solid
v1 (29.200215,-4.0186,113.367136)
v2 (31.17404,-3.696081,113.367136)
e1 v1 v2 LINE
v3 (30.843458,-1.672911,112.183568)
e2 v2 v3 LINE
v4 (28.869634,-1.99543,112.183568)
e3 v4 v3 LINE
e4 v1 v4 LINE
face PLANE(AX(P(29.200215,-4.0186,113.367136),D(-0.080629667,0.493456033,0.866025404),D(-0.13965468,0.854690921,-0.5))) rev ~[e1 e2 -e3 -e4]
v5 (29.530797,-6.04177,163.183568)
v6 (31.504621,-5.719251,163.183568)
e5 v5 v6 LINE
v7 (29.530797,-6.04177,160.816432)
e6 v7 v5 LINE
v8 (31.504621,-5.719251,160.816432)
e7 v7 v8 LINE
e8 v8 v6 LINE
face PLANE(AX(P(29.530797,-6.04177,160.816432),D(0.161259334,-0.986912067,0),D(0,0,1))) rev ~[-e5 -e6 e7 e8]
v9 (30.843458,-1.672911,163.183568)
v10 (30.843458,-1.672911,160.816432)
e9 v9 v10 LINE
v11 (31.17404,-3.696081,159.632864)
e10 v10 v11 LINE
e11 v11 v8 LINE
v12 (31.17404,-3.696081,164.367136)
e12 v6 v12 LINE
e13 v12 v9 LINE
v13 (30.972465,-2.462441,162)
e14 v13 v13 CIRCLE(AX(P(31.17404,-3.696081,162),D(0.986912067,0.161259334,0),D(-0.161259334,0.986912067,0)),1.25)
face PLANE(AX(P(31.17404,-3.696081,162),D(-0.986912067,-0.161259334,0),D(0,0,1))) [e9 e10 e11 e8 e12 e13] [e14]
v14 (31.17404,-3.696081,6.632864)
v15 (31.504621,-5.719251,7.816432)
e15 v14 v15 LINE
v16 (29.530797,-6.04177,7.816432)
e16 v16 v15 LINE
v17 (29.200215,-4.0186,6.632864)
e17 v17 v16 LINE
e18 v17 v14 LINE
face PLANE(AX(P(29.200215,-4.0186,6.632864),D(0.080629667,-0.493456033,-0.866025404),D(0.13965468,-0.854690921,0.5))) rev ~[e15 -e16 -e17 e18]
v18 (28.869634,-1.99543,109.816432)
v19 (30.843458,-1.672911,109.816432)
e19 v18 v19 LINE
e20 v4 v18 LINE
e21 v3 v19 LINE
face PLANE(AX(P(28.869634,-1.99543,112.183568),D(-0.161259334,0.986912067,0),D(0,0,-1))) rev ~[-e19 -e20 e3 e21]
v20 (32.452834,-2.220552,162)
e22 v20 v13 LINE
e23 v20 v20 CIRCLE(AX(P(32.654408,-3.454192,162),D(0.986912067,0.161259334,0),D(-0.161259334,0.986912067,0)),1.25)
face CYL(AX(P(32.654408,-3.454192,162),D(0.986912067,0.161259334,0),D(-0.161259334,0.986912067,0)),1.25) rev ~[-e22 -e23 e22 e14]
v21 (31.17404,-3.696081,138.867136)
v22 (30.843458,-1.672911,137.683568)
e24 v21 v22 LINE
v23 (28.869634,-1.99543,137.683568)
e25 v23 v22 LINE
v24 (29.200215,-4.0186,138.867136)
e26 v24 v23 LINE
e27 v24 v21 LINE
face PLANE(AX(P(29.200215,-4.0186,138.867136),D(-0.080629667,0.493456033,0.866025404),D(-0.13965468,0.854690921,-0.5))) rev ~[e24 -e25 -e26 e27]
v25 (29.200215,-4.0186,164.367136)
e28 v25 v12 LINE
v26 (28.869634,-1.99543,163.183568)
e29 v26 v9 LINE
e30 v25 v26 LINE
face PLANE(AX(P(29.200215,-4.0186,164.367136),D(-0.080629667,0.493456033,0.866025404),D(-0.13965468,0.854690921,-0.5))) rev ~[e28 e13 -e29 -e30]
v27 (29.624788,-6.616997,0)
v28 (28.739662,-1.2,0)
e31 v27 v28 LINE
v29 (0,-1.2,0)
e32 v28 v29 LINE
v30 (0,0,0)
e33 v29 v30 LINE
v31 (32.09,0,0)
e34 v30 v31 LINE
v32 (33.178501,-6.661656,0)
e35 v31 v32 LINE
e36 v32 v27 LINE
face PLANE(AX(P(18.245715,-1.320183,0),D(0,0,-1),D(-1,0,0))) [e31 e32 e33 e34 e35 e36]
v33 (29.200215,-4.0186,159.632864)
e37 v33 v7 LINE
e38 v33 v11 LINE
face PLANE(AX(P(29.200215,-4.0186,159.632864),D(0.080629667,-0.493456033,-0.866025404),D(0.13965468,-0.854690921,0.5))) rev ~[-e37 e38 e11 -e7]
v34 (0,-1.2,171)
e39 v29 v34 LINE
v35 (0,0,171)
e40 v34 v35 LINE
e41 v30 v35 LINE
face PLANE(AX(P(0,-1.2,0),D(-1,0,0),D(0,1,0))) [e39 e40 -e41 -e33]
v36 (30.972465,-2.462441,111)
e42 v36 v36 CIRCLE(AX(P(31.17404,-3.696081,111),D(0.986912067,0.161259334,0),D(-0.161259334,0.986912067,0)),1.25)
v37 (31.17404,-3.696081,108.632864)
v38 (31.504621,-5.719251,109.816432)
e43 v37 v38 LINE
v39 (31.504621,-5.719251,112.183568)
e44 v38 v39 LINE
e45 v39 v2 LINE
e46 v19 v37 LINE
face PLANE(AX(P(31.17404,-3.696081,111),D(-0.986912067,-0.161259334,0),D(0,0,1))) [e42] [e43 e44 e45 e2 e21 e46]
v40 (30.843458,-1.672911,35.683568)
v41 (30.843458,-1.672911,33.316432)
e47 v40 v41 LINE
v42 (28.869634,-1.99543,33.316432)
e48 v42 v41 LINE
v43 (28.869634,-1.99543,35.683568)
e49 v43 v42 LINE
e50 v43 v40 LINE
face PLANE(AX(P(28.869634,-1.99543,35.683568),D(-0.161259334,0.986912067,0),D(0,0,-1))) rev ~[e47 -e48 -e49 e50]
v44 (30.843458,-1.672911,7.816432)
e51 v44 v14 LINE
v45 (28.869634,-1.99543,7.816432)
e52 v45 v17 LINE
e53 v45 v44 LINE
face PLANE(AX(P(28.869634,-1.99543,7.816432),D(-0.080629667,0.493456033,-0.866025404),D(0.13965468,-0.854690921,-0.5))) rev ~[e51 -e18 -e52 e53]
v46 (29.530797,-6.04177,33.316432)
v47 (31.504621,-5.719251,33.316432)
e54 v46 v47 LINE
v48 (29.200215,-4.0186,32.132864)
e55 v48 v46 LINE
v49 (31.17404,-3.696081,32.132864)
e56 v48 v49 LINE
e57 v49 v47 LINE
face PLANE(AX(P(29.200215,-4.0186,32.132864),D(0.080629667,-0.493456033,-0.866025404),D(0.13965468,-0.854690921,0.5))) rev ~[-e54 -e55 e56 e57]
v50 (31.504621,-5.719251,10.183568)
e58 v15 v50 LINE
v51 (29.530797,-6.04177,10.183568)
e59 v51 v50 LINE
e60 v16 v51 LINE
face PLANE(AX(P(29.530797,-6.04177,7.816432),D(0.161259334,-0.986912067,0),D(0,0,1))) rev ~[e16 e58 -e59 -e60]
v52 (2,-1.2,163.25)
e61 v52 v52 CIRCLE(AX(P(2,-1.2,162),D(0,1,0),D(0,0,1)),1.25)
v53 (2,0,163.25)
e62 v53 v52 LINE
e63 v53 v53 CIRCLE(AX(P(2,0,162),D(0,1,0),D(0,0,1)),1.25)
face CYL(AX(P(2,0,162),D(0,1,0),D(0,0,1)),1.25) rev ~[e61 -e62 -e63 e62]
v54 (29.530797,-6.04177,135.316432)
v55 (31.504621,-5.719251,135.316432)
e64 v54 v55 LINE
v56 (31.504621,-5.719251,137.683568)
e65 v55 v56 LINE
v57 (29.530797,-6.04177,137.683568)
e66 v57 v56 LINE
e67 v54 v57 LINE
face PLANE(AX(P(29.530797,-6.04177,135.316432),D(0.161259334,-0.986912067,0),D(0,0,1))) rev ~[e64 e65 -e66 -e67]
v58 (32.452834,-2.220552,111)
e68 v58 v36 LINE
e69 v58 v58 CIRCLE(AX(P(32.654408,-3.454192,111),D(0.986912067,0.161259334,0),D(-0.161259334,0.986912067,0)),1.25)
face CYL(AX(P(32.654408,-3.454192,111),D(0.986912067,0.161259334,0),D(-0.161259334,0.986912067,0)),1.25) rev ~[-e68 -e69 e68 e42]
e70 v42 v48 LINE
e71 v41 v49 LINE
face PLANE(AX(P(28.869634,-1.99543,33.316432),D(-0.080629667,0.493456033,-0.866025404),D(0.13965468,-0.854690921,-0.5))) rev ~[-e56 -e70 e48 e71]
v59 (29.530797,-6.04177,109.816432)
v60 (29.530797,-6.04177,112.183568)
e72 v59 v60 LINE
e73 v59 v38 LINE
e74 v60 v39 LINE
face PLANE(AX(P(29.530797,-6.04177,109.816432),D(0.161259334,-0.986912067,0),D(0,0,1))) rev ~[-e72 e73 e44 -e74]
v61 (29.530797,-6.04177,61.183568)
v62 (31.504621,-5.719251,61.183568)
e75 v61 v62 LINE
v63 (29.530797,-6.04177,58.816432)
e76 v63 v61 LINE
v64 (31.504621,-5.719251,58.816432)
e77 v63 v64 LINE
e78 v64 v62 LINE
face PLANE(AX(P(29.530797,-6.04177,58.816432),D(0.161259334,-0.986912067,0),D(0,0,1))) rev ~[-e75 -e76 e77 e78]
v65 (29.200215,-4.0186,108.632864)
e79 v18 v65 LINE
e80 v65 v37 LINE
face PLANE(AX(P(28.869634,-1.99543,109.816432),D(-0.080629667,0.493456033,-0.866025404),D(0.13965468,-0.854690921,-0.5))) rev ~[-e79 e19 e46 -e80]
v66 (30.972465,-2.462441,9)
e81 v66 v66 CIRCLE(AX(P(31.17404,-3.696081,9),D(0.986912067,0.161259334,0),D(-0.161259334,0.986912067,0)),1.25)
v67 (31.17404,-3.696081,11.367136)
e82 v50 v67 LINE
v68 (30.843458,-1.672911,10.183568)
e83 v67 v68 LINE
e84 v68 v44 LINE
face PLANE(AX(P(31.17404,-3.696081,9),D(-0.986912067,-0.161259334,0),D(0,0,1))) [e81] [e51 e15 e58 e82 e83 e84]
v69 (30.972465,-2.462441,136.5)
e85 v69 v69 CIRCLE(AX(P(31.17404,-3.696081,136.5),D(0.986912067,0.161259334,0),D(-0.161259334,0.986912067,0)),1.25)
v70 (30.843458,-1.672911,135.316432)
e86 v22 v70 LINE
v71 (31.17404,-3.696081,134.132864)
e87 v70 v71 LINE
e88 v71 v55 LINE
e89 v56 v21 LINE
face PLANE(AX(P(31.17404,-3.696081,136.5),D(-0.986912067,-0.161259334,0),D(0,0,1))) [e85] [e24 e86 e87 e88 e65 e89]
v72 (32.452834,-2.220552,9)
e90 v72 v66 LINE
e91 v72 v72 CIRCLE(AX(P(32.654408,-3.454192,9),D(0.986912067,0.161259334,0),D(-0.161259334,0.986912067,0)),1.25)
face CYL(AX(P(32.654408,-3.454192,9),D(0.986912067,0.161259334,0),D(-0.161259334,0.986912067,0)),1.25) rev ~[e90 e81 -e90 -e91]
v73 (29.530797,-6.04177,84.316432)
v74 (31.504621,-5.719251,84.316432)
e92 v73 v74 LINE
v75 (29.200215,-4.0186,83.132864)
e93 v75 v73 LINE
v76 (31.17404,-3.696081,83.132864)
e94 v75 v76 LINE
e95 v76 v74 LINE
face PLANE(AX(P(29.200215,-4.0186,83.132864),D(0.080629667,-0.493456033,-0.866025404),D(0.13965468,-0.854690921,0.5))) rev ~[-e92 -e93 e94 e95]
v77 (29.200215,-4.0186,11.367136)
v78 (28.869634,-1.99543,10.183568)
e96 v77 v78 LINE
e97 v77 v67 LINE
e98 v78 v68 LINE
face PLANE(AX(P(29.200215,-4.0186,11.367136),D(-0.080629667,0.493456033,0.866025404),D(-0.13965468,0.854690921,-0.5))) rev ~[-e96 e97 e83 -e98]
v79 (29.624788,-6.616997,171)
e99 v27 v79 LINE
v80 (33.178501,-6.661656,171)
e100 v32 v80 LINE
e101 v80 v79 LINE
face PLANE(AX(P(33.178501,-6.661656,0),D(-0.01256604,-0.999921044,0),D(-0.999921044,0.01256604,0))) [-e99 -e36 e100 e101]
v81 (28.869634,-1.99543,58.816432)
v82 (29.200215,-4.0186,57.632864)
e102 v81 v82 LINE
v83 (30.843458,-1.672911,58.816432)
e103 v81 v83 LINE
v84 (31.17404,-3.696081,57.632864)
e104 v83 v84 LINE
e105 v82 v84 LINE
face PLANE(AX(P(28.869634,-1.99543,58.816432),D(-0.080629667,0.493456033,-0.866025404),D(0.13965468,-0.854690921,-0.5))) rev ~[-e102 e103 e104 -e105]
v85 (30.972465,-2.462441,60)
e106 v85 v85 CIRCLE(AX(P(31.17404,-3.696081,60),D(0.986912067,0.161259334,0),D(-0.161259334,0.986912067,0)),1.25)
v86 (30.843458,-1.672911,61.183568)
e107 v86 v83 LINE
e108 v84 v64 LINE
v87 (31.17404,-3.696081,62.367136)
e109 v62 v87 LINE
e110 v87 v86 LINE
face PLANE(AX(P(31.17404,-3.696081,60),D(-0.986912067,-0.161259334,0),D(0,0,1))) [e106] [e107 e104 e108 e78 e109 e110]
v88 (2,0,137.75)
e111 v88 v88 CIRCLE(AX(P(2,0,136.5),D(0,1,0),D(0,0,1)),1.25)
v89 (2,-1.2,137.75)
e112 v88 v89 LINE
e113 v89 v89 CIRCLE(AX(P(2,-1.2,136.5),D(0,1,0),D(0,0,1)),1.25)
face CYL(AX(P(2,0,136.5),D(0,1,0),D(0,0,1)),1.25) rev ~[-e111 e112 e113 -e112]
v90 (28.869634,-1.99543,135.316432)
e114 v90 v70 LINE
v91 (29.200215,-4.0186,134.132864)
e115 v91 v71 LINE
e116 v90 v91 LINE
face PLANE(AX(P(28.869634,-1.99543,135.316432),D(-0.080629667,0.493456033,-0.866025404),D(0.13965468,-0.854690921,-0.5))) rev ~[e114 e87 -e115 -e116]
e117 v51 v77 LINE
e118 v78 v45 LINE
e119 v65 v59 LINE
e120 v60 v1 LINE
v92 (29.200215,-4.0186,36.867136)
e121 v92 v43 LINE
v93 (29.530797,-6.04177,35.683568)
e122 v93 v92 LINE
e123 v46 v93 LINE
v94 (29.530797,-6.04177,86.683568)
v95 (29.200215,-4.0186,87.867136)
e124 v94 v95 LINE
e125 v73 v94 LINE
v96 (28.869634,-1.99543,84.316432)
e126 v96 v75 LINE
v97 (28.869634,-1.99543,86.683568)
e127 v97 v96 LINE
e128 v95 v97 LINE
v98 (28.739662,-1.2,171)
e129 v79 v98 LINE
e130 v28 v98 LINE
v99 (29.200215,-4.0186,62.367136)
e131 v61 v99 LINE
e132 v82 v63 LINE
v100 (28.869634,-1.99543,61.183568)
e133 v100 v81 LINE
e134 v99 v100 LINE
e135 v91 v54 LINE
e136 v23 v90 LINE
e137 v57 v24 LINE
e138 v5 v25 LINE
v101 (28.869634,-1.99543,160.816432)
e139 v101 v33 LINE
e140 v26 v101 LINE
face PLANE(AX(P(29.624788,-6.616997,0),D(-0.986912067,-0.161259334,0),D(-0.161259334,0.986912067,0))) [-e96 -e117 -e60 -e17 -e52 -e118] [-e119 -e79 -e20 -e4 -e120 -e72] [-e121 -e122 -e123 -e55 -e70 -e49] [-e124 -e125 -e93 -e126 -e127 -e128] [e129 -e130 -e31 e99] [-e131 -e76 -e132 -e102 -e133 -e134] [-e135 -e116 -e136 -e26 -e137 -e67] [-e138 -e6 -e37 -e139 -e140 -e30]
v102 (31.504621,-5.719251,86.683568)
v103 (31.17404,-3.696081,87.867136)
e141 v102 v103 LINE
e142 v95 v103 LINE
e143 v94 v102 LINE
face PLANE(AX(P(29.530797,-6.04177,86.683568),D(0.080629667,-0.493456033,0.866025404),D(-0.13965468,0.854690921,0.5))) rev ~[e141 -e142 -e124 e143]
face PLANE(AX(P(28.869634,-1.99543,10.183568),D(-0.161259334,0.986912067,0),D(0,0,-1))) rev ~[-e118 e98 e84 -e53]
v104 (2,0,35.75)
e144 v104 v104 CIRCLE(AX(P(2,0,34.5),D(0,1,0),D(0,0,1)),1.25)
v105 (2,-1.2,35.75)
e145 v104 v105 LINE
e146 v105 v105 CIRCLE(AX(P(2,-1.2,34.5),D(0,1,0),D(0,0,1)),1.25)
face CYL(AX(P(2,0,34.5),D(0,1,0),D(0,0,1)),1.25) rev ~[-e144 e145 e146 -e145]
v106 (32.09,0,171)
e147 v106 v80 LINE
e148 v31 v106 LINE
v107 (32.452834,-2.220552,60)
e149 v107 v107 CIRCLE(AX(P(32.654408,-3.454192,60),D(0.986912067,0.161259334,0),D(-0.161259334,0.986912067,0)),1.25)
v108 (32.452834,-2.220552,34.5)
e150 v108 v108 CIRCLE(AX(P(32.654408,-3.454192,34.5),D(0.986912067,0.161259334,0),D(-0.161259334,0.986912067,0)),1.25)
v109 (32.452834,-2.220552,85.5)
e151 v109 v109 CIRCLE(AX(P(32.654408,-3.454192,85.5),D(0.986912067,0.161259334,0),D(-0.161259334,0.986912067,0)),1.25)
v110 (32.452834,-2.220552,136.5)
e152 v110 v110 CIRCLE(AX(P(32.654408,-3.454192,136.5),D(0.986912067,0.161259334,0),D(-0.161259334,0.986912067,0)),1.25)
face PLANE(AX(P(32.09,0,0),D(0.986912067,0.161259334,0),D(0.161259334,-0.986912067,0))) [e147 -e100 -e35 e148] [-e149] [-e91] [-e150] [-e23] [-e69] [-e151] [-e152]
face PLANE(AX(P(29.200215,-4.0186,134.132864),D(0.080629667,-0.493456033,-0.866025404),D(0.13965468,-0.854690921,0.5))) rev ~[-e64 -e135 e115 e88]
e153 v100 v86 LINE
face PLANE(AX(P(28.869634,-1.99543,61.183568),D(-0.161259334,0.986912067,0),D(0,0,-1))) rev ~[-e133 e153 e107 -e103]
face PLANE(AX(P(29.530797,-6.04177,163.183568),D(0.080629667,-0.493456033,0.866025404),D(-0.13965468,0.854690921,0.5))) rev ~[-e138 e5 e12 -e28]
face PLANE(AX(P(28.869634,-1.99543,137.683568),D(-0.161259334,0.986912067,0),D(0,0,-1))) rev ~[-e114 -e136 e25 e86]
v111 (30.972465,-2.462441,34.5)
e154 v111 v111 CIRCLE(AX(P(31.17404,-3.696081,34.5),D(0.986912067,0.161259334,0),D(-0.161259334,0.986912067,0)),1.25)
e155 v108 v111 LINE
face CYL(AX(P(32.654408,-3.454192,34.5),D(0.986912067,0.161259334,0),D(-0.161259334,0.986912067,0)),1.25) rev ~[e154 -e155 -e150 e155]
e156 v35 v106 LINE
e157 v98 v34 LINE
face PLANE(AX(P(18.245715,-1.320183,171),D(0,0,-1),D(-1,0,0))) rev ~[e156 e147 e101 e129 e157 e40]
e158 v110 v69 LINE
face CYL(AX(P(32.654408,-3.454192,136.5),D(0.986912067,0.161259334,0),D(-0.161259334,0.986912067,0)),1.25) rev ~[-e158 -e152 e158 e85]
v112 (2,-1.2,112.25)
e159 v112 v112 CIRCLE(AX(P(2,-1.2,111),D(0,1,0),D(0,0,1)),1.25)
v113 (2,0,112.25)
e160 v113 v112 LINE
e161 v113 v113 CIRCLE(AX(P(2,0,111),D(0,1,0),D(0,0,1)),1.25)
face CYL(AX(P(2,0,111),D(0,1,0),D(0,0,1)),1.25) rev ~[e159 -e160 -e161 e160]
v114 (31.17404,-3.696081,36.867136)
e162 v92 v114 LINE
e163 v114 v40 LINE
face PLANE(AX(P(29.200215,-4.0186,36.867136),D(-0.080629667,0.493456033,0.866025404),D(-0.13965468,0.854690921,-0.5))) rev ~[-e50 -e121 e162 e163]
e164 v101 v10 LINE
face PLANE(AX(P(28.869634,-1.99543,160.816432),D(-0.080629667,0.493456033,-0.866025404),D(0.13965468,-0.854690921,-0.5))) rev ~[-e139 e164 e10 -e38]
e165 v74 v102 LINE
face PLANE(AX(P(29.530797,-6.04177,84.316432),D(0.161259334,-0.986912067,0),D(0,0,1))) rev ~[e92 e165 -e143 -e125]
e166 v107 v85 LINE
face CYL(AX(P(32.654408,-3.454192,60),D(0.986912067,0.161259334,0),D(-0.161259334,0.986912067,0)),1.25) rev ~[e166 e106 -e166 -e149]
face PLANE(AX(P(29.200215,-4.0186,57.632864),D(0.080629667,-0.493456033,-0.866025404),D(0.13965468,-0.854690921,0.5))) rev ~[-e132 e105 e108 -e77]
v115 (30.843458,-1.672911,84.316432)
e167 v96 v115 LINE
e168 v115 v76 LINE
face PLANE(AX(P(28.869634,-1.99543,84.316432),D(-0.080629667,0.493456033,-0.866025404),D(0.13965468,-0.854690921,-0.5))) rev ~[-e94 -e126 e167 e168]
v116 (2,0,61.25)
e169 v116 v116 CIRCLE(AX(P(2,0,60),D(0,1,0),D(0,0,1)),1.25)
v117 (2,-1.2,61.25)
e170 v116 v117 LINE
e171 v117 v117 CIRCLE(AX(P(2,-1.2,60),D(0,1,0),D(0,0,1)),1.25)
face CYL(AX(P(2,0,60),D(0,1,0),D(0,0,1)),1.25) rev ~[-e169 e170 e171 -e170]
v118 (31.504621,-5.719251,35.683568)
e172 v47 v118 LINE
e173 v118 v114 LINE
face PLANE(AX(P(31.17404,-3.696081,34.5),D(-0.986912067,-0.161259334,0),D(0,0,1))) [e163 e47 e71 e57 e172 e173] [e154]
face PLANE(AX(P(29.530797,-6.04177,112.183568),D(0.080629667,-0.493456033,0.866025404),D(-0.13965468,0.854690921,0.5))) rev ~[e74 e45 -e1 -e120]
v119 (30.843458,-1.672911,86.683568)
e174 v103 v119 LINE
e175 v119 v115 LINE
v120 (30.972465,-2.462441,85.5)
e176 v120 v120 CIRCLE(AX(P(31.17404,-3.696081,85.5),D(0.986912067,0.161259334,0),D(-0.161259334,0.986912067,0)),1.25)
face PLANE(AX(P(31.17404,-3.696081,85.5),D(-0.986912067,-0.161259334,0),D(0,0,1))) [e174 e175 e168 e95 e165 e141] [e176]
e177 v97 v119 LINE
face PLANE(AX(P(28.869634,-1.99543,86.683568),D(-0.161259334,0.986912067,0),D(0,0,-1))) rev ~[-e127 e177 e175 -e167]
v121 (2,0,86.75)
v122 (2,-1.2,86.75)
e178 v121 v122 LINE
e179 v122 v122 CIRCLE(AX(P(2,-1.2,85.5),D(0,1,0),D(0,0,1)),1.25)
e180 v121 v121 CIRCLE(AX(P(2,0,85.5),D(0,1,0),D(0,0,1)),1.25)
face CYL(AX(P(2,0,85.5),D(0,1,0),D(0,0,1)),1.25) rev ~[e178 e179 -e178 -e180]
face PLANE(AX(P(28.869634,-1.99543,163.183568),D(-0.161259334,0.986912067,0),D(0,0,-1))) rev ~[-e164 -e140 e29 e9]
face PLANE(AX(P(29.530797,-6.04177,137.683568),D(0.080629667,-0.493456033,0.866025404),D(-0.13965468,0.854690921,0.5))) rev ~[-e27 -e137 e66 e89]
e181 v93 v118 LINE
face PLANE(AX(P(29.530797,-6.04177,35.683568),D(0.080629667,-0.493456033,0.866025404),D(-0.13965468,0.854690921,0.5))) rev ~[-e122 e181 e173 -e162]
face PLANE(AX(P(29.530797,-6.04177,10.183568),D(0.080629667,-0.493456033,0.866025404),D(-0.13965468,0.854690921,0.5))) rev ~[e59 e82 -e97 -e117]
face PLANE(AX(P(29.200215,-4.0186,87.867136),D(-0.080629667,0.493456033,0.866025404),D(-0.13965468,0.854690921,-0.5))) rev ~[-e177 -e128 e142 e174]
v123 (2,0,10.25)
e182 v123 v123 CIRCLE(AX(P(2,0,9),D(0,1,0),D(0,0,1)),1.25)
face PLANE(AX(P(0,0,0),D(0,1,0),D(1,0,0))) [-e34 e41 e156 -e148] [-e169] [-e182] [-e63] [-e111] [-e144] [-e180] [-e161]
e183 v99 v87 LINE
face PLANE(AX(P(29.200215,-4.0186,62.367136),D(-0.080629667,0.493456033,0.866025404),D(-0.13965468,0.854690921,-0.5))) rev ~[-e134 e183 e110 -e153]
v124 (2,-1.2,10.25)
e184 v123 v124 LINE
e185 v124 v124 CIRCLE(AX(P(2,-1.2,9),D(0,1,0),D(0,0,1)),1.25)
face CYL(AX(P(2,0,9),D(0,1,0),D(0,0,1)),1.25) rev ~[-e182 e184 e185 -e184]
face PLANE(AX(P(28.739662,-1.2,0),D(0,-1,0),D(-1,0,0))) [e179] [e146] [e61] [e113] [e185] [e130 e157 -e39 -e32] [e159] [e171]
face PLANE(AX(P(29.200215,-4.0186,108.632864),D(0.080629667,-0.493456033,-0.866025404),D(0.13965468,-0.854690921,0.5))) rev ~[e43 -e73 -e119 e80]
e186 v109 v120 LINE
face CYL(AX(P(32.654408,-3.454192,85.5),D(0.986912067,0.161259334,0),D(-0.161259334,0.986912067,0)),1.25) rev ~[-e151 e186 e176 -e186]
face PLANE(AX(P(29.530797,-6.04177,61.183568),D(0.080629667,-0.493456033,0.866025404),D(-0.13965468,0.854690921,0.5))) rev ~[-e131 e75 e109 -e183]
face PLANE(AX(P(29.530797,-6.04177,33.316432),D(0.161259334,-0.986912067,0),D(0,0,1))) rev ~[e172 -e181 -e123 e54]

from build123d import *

# Parameters (mm, degrees)
BOSS_EXTRUDE1_DEPTH = 171
SKETCH2_R           = 1.25
CUT_EXTRUDE1_DEPTH  = 50
SKETCH3_R           = 1.25
CUT_EXTRUDE2_DEPTH  = 50
CUT_EXTRUDE3_DEPTH  = 2
LPATTERN1_COUNT     = 7
LPATTERN1_PITCH     = 25.5


with BuildPart() as part:
    # Sketch1 → Boss-Extrude1 (new body)
    with BuildSketch(Plane.XY):
        Polygon((0, 0), (32.09, 0), (33.178500502, -6.66165645), (29.624787969, -6.61699683), (28.739662203, -1.2), (0, -1.2), align=None)
    extrude(amount=BOSS_EXTRUDE1_DEPTH)

    # Sketch2 → Cut-Extrude1 (cut)
    with BuildSketch(Plane(origin=(0, 0, 0), x_dir=(1, 0, 0), z_dir=(0, 1, 0))):
        with Locations(Location((2, -9, 0), (0, 0, 270))):
            Circle(SKETCH2_R)
    cut_extrude1 = extrude(amount=-CUT_EXTRUDE1_DEPTH, mode=Mode.SUBTRACT)

    # Sketch3 → Cut-Extrude2 (cut)
    with BuildSketch(Plane(origin=(31.255513263, 5.107084422, 0), x_dir=(0, 0, -1), z_dir=(0.9869120666582158, 0.16125933363501674, 0))):
        with Locations(Location((-9, -8.674812016, 0), (0, 0, 90))):
            Circle(SKETCH3_R)
    cut_extrude2 = extrude(amount=-CUT_EXTRUDE2_DEPTH, mode=Mode.SUBTRACT)

    # Sketch4 → Cut-Extrude3 (cut)
    with BuildSketch(Plane(origin=(27.801321029, 4.542676754, 0), x_dir=(0, 0, 1), z_dir=(-0.9869120666582157, -0.1612593336350174, 0))):
        Polygon((7.816431948, -6.624812016), (6.632863896, -8.674812016), (7.816431948, -10.724812016), (10.183568052, -10.724812016), (11.367136104, -8.674812016), (10.183568052, -6.624812016), align=None)
    cut_extrude3 = extrude(amount=-CUT_EXTRUDE3_DEPTH, mode=Mode.SUBTRACT)

    # LPattern1: Cut-Extrude1, Cut-Extrude2, Cut-Extrude3 ×7
    with Locations(*[(0, 0, i * LPATTERN1_PITCH) for i in range(1, LPATTERN1_COUNT)]):
        add(cut_extrude1, mode=Mode.SUBTRACT)
        add(cut_extrude2, mode=Mode.SUBTRACT)
        add(cut_extrude3, mode=Mode.SUBTRACT)


solid = part.part
